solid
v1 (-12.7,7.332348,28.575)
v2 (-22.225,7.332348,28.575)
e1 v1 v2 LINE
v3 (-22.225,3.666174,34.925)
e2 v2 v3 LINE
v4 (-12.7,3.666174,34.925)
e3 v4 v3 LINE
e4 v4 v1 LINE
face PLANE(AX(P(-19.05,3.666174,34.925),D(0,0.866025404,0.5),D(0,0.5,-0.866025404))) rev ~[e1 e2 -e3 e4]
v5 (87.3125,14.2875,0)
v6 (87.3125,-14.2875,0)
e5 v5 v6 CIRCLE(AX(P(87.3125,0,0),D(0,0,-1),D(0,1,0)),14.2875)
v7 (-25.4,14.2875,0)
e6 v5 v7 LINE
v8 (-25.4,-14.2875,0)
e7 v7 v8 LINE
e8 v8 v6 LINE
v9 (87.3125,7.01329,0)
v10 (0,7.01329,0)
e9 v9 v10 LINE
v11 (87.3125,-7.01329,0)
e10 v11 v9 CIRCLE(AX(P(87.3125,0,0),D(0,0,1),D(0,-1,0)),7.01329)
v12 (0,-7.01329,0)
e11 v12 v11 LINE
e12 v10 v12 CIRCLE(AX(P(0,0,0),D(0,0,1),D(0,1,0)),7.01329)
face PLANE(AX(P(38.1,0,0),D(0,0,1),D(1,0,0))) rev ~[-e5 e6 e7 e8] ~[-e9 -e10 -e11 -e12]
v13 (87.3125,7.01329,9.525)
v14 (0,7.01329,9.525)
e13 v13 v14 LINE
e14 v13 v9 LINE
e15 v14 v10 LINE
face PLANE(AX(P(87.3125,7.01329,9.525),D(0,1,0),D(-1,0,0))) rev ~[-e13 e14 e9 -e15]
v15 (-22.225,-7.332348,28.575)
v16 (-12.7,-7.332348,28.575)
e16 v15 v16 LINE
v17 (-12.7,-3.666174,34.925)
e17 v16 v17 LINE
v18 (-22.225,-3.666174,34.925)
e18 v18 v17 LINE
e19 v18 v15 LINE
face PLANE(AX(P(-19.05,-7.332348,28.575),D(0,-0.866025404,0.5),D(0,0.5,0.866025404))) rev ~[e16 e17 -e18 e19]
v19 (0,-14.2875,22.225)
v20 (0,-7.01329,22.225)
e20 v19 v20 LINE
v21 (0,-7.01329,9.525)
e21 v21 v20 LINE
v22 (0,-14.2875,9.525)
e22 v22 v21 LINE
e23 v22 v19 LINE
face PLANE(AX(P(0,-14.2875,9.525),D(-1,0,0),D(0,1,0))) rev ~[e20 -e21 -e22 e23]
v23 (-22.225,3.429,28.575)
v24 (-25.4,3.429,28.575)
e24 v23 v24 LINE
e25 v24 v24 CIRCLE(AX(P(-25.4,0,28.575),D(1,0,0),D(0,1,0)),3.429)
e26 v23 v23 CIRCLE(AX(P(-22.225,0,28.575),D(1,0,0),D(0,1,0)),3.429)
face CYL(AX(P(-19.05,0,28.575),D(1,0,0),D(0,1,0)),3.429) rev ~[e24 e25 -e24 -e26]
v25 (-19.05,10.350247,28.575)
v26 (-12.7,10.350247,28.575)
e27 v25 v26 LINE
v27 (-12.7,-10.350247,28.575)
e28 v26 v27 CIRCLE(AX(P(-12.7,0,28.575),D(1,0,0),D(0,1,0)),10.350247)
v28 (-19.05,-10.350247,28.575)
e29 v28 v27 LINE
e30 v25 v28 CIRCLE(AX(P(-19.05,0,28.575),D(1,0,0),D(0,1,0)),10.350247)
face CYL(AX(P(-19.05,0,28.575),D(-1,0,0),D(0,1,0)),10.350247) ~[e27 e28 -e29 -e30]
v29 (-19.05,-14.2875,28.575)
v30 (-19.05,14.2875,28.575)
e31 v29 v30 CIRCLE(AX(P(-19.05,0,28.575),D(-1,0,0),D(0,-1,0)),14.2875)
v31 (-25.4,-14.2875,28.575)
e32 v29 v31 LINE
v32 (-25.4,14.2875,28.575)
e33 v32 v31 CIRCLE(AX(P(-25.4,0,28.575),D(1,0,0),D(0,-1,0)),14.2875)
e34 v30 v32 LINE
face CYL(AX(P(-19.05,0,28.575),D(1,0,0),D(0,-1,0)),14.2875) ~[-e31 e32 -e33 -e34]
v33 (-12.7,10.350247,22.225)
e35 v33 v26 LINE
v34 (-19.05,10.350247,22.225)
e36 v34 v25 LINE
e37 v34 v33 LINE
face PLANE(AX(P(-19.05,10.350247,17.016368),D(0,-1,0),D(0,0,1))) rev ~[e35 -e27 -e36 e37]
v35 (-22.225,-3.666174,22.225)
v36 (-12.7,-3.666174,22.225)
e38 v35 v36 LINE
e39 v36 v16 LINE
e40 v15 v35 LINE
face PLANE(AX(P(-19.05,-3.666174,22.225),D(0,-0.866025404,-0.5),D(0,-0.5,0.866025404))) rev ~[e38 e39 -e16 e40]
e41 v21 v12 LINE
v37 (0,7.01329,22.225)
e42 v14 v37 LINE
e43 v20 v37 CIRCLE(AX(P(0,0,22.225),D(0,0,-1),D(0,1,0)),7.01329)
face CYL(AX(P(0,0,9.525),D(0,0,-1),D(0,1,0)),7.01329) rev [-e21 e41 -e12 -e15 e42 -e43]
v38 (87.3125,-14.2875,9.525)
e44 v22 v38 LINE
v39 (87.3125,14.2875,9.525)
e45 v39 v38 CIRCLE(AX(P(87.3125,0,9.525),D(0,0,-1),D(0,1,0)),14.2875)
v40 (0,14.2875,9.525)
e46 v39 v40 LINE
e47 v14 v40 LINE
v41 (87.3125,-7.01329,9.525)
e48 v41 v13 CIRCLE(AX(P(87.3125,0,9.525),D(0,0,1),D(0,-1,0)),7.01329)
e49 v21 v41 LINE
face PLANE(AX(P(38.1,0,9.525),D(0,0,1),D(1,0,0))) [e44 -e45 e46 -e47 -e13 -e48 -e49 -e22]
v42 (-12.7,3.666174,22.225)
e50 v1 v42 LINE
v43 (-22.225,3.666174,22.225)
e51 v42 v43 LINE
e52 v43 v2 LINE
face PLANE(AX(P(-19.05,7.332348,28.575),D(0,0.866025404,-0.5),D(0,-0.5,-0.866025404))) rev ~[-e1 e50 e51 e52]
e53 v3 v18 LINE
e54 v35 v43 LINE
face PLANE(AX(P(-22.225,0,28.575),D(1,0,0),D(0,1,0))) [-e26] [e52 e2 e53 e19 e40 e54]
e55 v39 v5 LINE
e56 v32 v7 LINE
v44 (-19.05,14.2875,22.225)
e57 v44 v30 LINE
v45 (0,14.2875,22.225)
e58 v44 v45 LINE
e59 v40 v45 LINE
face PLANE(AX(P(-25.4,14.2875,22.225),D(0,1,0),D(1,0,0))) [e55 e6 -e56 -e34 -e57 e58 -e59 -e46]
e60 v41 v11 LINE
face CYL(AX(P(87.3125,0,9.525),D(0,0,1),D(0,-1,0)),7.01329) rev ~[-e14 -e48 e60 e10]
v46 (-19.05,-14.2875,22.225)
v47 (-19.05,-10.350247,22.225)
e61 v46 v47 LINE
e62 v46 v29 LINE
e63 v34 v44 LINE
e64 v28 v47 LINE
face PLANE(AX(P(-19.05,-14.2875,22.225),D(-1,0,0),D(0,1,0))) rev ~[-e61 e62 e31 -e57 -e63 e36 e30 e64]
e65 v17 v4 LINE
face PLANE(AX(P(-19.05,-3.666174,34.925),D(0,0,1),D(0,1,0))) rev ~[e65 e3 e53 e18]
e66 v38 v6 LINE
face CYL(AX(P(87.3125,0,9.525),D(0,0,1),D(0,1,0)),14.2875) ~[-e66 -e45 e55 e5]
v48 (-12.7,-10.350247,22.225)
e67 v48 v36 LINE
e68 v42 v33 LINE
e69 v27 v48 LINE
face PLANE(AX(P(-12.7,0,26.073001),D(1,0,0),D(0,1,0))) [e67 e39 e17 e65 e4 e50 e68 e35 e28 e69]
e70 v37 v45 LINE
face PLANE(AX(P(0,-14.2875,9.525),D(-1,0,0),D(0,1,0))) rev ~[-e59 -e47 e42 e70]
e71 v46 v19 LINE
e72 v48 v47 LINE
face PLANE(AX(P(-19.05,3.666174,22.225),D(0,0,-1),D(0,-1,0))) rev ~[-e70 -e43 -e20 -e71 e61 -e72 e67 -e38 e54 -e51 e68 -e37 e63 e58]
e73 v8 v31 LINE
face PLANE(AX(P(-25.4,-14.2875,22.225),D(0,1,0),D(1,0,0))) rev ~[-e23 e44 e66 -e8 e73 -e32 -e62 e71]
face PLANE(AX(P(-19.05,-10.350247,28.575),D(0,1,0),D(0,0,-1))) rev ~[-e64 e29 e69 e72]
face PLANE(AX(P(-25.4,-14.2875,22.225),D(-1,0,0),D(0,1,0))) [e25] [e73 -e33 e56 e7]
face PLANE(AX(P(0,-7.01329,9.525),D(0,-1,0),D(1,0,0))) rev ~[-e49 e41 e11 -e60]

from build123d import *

# Parameters (mm, degrees)
F1_DEPTH       = 9.525
F2_W           = 25.4
F2_H           = 28.575
F3_DEPTH       = 12.7
F4_W           = 6.35
F4_H           = 28.575
F5_DEPTH       = 25.4
F7_DEPTH       = 6.35
F8_R           = 3.429
F9_DEPTH       = 25.4
F11_DEPTH      = 25.4
F11_DEPTH_BACK = 25.4
F13_DEPTH      = 3.175


with BuildPart() as f1:
    # F0 (on Top) → F1 (new body)
    with BuildSketch(Plane.XY):
        Polygon((101.6, 14.2875), (0, 14.2875), (-25.4, 14.2875), (-25.4, -14.2875), (0, -14.2875), (101.6, -14.2875), align=None)
    extrude(amount=F1_DEPTH)

    # F2 (on face) → F3 (join)
    with BuildSketch(Plane.XY.offset(9.525)):
        with Locations((-12.7, 0)):
            Rectangle(F2_W, F2_H)
    extrude(amount=F3_DEPTH)

    # F4 (on face) → F5 (join)
    with BuildSketch(Plane.XY.offset(22.225)):
        with Locations((-22.225, 0)):
            Rectangle(F4_W, F4_H)
    extrude(amount=F5_DEPTH)

    # F6 (on face) → F7 (join)
    with BuildSketch(Plane.YZ.offset(-19.05)):
        with BuildLine():
            Line((10.3502472592, 17.0163675877), (10.3502472592, 28.575))
            ThreePointArc((10.3502472592, 28.575), (0, 38.9252472592), (-10.3502472592, 28.575))
            Line((-10.3502472592, 28.575), (-10.3502472592, 17.0163675877))
            Line((-10.3502472592, 17.0163675877), (10.3502472592, 17.0163675877))
        make_face()
        Polygon((7.3323484187, 28.575), (3.6661742094, 22.225), (-3.6661742094, 22.225), (-7.3323484187, 28.575), (-3.6661742094, 34.925), (3.6661742094, 34.925), align=None, mode=Mode.SUBTRACT)
    extrude(amount=F7_DEPTH)

    # F8 (on face) → F9 (cut)
    with BuildSketch(Plane.YZ.offset(-19.05)):
        with BuildLine():
            Line((-14.2875, 47.625), (-14.2875, 28.575))
            ThreePointArc((-14.2875, 28.575), (0, 42.8625), (14.2875, 28.575))
            Line((14.2875, 28.575), (14.2875, 47.625))
            Line((14.2875, 47.625), (-14.2875, 47.625))
        make_face()
        with Locations((0, 28.575)):
            Circle(F8_R)
    extrude(amount=-F9_DEPTH, mode=Mode.SUBTRACT)

    # F10 (on face) → F11 (cut, two sides)
    with BuildSketch(Plane.XY.offset(9.525)) as f11_sk:
        with BuildLine():
            Line((87.3125, 7.0132897794), (0, 7.0132897794))
            ThreePointArc((0, 7.0132897794), (-7.0132897794, 0), (0, -7.0132897794))
            Line((0, -7.0132897794), (87.3125, -7.0132897794))
            ThreePointArc((87.3125, -7.0132897794), (94.3257897794, 0), (87.3125, 7.0132897794))
        make_face()
        with BuildLine():
            Line((103.5399436951, 14.2875), (87.3125, 14.2875))
            ThreePointArc((87.3125, 14.2875), (101.6, 0), (87.3125, -14.2875))
            Line((87.3125, -14.2875), (103.5399436951, -17.2526948154))
            Line((103.5399436951, -17.2526948154), (103.5399436951, 14.2875))
        make_face()
    extrude(amount=-F11_DEPTH, mode=Mode.SUBTRACT)
    extrude(f11_sk.sketch, amount=F11_DEPTH_BACK, mode=Mode.SUBTRACT)

    # F12 (on face) → F13 (cut)
    with BuildSketch(Plane.YZ.offset(-19.05)):
        Polygon((3.6661742094, 22.225), (7.3323484187, 28.575), (3.6661742094, 34.925), (-3.6661742094, 34.925), (-7.3323484187, 28.575), (-3.6661742094, 22.225), align=None)
    extrude(amount=-F13_DEPTH, mode=Mode.SUBTRACT)


solid = f1.part
